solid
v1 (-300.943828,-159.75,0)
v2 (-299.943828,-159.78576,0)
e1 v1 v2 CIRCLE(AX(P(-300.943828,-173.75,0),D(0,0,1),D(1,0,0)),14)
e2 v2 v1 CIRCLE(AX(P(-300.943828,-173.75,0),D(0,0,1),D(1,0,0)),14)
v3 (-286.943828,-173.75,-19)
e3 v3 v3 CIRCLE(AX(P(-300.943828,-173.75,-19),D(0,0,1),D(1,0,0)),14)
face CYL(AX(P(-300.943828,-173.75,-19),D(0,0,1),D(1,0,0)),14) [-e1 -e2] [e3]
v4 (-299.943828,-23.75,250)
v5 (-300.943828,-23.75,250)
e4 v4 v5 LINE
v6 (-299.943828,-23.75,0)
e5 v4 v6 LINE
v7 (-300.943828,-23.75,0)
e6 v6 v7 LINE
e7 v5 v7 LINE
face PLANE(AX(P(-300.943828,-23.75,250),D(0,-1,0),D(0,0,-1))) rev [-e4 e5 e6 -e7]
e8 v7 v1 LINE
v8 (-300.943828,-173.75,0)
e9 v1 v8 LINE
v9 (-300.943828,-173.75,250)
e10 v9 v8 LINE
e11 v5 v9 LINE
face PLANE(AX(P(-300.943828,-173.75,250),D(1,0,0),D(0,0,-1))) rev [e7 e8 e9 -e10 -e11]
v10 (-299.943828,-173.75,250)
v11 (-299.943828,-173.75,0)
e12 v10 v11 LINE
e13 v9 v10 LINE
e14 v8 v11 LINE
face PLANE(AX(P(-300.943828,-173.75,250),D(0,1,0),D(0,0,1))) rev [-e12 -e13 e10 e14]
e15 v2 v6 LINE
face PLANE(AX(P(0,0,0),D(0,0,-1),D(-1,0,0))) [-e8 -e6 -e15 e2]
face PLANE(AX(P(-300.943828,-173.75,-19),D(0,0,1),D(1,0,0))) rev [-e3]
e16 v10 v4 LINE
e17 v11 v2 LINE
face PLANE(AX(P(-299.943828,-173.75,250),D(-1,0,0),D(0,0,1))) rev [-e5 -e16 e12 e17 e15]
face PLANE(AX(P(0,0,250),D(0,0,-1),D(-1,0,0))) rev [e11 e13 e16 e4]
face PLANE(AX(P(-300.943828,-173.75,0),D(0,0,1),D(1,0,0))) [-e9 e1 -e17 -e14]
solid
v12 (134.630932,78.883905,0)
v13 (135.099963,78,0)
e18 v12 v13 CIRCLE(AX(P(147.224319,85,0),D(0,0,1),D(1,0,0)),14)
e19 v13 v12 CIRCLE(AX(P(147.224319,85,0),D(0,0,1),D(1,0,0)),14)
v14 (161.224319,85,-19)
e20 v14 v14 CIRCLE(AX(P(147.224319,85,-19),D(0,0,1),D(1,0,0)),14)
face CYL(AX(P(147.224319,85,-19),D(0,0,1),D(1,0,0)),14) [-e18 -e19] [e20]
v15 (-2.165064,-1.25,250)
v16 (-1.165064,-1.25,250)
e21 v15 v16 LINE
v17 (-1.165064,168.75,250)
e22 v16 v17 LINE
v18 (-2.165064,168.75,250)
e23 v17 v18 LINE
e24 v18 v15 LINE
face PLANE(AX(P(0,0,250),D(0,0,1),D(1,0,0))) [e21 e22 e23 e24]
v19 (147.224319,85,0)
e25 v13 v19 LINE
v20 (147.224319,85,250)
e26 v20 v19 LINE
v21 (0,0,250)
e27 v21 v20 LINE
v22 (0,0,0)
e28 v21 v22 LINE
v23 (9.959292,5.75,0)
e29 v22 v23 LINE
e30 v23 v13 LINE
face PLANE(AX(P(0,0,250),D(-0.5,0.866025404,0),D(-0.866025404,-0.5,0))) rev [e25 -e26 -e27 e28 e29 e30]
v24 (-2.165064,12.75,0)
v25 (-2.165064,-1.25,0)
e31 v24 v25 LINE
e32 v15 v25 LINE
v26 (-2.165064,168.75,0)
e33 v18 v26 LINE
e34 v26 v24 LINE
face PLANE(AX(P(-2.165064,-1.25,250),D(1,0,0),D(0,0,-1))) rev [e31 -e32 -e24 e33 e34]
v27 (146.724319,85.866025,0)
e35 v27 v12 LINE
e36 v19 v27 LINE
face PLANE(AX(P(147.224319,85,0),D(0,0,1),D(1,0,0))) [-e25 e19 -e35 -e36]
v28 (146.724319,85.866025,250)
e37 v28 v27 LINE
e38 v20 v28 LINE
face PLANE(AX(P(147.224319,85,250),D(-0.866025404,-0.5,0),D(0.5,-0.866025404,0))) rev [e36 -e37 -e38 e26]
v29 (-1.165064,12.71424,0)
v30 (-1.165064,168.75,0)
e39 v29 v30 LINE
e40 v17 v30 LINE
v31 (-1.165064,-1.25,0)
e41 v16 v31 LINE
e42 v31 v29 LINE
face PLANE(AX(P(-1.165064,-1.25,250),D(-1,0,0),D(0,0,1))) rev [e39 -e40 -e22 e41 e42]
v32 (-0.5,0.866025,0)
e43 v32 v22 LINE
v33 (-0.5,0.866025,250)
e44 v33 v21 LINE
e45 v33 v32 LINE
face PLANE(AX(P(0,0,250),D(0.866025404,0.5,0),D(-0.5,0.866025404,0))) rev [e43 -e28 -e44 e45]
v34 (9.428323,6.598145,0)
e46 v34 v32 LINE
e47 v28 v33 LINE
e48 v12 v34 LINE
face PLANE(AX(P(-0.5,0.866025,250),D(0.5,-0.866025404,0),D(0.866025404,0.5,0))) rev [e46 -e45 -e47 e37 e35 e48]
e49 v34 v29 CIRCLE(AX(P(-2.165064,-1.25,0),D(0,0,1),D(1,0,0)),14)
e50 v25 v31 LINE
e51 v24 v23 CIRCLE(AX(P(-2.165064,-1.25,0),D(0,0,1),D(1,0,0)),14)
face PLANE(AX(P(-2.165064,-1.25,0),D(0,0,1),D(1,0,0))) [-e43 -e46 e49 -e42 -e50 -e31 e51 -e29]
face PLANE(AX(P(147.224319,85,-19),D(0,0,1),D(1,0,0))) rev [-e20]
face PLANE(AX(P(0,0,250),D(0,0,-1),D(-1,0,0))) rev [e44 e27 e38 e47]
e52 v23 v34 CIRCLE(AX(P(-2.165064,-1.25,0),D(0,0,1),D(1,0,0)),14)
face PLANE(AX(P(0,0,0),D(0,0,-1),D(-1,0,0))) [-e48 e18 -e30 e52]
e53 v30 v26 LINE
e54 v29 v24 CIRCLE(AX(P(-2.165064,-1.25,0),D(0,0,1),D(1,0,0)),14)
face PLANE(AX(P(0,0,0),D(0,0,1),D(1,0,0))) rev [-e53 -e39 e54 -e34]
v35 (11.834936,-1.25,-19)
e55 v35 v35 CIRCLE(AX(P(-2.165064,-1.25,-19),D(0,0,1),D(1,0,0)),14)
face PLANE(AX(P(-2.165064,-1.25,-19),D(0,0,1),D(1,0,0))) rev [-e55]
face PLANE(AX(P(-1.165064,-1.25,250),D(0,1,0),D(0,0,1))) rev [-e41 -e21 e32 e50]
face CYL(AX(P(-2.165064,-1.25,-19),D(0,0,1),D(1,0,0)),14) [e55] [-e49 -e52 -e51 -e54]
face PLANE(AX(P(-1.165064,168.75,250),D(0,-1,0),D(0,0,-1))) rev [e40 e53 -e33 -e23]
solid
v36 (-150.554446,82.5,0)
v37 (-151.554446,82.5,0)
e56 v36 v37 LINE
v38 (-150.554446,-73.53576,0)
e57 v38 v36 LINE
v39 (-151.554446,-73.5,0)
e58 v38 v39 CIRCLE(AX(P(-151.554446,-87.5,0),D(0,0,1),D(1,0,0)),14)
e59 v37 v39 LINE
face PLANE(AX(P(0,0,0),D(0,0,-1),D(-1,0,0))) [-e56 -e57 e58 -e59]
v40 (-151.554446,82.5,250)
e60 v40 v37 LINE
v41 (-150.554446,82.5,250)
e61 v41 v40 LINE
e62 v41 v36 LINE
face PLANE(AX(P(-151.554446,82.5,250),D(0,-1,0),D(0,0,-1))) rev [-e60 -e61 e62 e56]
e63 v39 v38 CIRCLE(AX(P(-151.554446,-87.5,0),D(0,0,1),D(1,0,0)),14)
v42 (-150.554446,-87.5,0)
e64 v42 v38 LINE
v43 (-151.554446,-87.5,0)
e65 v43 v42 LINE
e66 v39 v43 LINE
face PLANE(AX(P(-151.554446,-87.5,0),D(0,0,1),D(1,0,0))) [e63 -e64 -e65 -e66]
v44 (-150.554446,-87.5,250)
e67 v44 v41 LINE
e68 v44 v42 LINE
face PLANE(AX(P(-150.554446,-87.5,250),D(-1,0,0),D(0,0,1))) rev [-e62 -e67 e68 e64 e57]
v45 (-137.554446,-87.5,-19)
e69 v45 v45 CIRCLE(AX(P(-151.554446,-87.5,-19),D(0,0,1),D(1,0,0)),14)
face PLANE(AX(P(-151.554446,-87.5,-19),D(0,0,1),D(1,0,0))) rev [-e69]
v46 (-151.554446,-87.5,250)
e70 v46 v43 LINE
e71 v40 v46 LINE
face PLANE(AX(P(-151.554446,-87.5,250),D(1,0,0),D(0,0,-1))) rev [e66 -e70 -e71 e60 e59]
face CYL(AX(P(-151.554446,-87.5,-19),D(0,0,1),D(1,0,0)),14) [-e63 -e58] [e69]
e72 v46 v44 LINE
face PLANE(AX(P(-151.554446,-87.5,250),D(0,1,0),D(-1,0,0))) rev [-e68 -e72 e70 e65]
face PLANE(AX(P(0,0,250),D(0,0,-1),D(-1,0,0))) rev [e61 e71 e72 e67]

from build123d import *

# Parameters (mm, degrees)
EXTRUDE_2_DEPTH   = 250
SKETCH_1_W        = 1
SKETCH_1_H        = 170
EXTRUDE_2_2_DEPTH = 250
EXTRUDE_2_3_DEPTH = 250
SKETCH_1_H_2      = 150
EXTRUDE_2_4_DEPTH = 250
SKETCH_2_R        = 14
EXTRUDE_3_DEPTH   = 19


with BuildPart() as part:
    # 草图1 → 凸台-拉伸2 (new body)
    with BuildSketch(Plane.XY):
        Polygon((0, 0), (147.224318643, 85), (146.724318643, 85.866025404), (-0.5, 0.866025404), align=None)
    extrude(amount=EXTRUDE_2_DEPTH)



with BuildPart() as body_2:
    # 草图1 → Extrude 2 2 (new body)
    with BuildSketch(Plane.XY):
        with Locations((-1.665063509, 83.75)):
            Rectangle(SKETCH_1_W, SKETCH_1_H)
    extrude(amount=EXTRUDE_2_2_DEPTH)


with BuildPart() as body_3:
    # 草图1 → Extrude 2 3 (new body)
    with BuildSketch(Plane.XY):
        with Locations((-151.054445662, -2.5)):
            Rectangle(SKETCH_1_W, SKETCH_1_H)
    extrude(amount=EXTRUDE_2_3_DEPTH)


with BuildPart() as body_4:
    # 草图1 → Extrude 2 4 (new body)
    with BuildSketch(Plane.XY):
        with Locations((-300.443827815, -98.75)):
            Rectangle(SKETCH_1_W, SKETCH_1_H_2)
    extrude(amount=EXTRUDE_2_4_DEPTH)


with BuildPart() as part_1:
    add(part.part)

    add(body_2.part)  # 凸台-拉伸3 merges body 2

    add(body_3.part)  # 凸台-拉伸3 merges body 3

    add(body_4.part)  # 凸台-拉伸3 merges body 4
    # 草图2 → 凸台-拉伸3 (add)
    with BuildSketch(Plane.XY):
        with Locations((147.224318643, 85)):
            Circle(SKETCH_2_R)
        with Locations((-2.165063509, -1.25)):
            Circle(SKETCH_2_R)
        with Locations((-151.554445662, -87.5)):
            Circle(SKETCH_2_R)
        with Locations((-300.943827815, -173.75)):
            Circle(SKETCH_2_R)
    extrude(amount=-EXTRUDE_3_DEPTH)


solid = part_1.part
